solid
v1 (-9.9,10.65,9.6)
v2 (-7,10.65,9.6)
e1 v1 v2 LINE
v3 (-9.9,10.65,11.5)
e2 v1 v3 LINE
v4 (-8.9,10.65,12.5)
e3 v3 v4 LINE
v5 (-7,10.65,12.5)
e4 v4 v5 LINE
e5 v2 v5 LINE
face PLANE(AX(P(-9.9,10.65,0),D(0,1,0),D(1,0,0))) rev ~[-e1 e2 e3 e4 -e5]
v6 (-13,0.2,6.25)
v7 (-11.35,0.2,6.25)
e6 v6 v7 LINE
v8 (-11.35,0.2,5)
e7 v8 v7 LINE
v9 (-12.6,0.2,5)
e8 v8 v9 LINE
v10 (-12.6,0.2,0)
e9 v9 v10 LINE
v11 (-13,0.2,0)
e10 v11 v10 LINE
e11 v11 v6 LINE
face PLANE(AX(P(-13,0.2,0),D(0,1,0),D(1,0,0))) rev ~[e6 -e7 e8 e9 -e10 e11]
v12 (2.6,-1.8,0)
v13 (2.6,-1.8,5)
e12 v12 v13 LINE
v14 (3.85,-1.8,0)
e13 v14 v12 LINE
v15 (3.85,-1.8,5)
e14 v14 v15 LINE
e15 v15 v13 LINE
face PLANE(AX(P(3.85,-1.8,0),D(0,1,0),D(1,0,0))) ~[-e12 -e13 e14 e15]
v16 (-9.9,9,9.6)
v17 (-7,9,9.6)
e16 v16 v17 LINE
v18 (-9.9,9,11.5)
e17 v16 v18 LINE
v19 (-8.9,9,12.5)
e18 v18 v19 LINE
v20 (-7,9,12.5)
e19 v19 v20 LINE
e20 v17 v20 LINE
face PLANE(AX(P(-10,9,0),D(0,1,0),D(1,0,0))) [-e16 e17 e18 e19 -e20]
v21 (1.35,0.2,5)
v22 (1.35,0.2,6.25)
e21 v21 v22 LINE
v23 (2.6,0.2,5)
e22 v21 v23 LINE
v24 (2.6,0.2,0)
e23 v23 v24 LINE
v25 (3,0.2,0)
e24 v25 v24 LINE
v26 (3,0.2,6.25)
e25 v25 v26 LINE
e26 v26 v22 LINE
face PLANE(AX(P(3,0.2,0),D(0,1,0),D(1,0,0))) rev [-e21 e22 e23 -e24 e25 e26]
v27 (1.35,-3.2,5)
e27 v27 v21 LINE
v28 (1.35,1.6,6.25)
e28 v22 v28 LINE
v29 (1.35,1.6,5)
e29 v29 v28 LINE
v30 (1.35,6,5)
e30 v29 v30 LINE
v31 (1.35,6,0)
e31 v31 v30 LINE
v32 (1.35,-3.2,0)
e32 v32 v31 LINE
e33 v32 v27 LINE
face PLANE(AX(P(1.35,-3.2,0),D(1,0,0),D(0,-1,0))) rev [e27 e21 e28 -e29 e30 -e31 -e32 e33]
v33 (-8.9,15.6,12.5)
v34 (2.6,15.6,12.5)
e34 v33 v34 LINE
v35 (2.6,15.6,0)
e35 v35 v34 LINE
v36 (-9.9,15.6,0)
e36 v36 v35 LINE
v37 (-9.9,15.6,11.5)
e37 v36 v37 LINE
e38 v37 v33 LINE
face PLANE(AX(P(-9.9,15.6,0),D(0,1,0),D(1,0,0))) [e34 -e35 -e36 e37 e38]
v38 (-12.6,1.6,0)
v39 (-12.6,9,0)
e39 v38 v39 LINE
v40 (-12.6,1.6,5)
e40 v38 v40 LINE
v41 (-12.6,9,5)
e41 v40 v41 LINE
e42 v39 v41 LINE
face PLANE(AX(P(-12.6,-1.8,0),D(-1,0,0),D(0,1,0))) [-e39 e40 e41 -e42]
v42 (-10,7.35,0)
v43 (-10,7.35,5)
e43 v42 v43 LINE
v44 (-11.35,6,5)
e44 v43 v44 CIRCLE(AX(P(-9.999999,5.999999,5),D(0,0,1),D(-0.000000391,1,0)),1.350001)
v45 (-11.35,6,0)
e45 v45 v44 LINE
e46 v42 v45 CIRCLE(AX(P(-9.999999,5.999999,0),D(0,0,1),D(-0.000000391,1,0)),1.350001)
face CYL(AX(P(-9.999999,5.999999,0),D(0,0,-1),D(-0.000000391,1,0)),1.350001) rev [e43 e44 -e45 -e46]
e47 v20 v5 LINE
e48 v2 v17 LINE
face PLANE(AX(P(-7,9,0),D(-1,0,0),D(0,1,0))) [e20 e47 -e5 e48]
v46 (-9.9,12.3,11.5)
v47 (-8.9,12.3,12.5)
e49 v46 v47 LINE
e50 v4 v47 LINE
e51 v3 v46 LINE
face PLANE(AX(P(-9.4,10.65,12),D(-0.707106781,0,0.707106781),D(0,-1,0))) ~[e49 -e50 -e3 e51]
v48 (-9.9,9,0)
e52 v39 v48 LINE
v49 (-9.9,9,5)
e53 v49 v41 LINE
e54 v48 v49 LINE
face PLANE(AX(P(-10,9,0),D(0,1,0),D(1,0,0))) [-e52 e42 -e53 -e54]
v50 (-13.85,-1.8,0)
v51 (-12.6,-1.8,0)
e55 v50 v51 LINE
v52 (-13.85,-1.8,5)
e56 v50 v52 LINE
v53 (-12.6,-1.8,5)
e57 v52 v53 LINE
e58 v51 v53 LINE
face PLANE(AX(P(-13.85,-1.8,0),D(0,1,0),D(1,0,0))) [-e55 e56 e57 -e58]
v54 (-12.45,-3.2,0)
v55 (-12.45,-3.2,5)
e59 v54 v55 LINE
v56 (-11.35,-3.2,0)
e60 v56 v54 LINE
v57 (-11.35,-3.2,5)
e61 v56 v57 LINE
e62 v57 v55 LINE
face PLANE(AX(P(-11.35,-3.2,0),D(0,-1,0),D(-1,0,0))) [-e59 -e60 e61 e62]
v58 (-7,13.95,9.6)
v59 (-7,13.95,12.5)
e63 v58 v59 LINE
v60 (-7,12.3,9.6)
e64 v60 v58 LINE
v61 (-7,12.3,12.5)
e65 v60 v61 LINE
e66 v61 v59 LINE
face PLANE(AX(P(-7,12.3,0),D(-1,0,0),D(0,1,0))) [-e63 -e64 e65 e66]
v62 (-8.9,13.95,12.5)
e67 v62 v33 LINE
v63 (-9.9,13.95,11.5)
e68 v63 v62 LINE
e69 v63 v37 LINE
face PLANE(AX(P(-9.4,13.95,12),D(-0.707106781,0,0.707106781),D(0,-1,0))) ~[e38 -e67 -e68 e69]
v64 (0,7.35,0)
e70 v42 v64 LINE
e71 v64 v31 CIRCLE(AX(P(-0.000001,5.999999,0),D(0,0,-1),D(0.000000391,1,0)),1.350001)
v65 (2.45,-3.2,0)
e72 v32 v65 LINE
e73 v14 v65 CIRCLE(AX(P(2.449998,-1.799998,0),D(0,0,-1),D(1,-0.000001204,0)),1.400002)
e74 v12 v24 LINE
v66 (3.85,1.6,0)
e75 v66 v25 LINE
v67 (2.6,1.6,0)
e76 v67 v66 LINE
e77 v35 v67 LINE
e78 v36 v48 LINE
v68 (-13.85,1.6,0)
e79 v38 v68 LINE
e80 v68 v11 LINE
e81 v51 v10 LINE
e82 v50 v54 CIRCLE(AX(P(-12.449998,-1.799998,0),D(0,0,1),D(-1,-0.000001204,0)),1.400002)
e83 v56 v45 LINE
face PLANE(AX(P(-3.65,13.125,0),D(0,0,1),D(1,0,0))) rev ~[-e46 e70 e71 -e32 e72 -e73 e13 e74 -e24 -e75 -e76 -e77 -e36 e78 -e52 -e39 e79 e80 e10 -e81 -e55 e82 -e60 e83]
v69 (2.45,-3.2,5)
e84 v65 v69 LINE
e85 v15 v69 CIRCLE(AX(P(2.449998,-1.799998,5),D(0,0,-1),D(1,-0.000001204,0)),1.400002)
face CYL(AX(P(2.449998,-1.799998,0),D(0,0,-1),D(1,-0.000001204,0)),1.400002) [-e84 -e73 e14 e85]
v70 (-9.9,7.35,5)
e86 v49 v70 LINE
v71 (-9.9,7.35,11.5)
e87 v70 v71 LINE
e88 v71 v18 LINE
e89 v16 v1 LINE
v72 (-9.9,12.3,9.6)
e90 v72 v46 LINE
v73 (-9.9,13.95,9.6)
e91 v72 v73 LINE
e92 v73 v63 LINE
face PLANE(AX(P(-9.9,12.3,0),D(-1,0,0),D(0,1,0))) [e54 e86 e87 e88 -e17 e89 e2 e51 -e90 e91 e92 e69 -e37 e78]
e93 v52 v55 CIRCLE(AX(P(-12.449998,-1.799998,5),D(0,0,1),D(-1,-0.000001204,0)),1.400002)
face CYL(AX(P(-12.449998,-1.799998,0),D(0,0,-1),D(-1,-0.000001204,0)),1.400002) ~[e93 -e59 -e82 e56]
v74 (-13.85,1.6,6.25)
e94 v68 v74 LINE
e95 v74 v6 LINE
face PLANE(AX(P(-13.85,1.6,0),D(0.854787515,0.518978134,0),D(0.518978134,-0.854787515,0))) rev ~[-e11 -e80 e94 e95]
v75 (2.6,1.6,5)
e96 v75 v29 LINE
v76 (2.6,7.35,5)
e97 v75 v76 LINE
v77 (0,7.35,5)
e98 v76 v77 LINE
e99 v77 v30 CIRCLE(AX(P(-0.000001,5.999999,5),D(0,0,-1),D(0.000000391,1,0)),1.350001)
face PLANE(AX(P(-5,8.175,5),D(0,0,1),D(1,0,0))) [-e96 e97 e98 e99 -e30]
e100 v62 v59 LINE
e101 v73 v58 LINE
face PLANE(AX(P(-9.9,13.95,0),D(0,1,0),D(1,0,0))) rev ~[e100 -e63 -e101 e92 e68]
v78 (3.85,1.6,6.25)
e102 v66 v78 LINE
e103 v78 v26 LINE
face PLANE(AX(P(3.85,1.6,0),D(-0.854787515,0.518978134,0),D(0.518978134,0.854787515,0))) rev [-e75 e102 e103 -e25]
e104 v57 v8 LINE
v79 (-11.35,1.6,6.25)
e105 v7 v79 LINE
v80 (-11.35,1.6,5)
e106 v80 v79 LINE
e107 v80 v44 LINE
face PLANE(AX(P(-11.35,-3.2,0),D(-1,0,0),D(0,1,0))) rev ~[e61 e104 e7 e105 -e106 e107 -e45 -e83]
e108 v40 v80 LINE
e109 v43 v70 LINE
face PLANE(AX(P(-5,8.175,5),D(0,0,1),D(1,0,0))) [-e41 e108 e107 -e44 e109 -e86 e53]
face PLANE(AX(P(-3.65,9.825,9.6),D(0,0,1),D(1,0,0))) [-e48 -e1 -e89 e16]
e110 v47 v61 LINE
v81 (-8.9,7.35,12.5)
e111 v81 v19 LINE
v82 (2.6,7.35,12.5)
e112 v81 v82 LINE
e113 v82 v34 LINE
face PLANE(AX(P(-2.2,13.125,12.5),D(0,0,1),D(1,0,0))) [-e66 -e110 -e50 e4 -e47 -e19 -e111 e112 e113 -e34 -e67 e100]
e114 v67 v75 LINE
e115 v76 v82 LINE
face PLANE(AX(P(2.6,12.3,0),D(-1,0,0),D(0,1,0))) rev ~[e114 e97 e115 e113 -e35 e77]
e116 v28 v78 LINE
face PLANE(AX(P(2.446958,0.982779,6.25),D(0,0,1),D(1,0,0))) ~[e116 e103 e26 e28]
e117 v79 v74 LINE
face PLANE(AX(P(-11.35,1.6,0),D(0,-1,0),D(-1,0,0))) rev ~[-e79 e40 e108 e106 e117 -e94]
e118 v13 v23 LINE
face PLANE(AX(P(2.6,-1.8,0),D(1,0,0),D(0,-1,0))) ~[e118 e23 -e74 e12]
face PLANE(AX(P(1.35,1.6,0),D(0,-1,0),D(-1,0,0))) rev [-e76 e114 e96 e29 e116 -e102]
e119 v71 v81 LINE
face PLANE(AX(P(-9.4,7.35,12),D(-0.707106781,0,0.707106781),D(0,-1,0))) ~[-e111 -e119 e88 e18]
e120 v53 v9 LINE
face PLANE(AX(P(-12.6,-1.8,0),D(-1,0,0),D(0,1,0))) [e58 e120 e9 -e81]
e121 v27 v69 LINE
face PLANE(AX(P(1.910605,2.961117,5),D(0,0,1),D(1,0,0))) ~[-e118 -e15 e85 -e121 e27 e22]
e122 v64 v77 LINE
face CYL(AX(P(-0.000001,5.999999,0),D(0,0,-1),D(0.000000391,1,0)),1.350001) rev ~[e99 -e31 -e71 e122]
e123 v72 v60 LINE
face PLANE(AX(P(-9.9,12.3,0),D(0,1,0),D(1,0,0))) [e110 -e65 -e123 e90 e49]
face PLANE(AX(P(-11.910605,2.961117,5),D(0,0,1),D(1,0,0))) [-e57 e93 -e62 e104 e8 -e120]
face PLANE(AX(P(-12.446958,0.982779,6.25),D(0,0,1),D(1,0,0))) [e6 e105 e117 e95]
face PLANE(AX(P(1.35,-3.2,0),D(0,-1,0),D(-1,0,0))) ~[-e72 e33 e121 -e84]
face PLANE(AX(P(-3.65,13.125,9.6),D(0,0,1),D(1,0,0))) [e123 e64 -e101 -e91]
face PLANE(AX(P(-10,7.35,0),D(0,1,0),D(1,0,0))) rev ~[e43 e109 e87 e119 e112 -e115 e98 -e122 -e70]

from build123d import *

# Parameters (mm, degrees)
PAD017_DEPTH           = 5
PAD020_DEPTH           = 6.25
SKETCH038_W            = 10
SKETCH038_H            = 1.65
PAD021_DEPTH           = 5
SKETCH097_W            = 12.5
SKETCH097_H            = 1.65
PAD066_DEPTH           = 12.5
SKETCH094_W            = 12.5
SKETCH094_H            = 1.65
PAD067_DEPTH           = 9.6
SKETCH095_W            = 9.6
SKETCH095_H            = 1.65
PAD068_DEPTH           = 12.5
SKETCH096_W            = 12.5
SKETCH096_H            = 1.65
PAD069_DEPTH           = 12.5
LINEARPATTERN022_COUNT = 2
LINEARPATTERN022_PITCH = 3.3
CHAMFER012_SIZE        = 1


with BuildPart() as bc_c:
    # Sketch034 → Pad017 (new body)
    with BuildSketch(Plane.XY):
        with BuildLine():
            Line((-1.35, -1.8), (-1.35, 6))
            ThreePointArc((0, 7.35), (-0.954594, 6.954594), (-1.35, 6))
            Line((0, 9), (0, 7.35))
            Line((-2.6, 9), (0, 9))
            Line((-2.6, -1.8), (-2.6, 9))
            Line((-3.85, -1.8), (-2.6, -1.8))
            ThreePointArc((-3.85, -1.8), (-3.439949, -2.789949), (-2.45, -3.2))
            Line((-1.35, -3.2), (-2.45, -3.2))
            Line((-1.35, -1.8), (-1.35, -3.2))
        make_face()
    extrude(amount=PAD017_DEPTH)

    # Sketch037 → Pad020 (join)
    with BuildSketch(Plane.XY):
        Polygon((-1.35, 0.2), (-1.35, 1.6), (-2.6, 1.6), (-3.85, 1.6), (-3, 0.2), (-2.6, 0.2), align=None)
    extrude(amount=PAD020_DEPTH)


with BuildPart() as body035:
    # Mirror002: instance of _bc_c
    add(bc_c.part.mirror(Plane(origin=(5, 0, 0), x_dir=(0, 1, 0), z_dir=(-1, 0, 0))))

    # Fusion002: union _bc_c
    add(bc_c.part)


with BuildPart() as body035_1:
    # Clone003 placement: moved
    add(body035.part.moved(Location((-5, 0, 0))))

    # Sketch038 → Pad021 (new body)
    with BuildSketch(Plane.XY):
        with Locations((0, 8.175)):
            Rectangle(SKETCH038_W, SKETCH038_H)
    extrude(amount=PAD021_DEPTH)

    # Sketch097 → Pad066 (new body)
    with BuildSketch(Plane.XY):
        with Locations((1.35, 8.175)):
            Rectangle(SKETCH097_W, SKETCH097_H)
    extrude(amount=PAD066_DEPTH)

    # Sketch094 → Pad067 (join)
    with BuildSketch(Plane.XY):
        with Locations((1.35, 9.825)):
            Rectangle(SKETCH094_W, SKETCH094_H)
    pad067 = extrude(amount=PAD067_DEPTH)

    # Sketch095 → Pad068 (join)
    with BuildSketch(Plane.XY):
        with Locations((2.8, 9.825)):
            Rectangle(SKETCH095_W, SKETCH095_H)
    pad068 = extrude(amount=PAD068_DEPTH)

    # Sketch096 → Pad069 (join)
    with BuildSketch(Plane.XY):
        with Locations((1.35, 11.475)):
            Rectangle(SKETCH096_W, SKETCH096_H)
    pad069 = extrude(amount=PAD069_DEPTH)

    # LinearPattern022: Pad069, Pad068, Pad067 ×2
    with Locations(*[(0, i * LINEARPATTERN022_PITCH, 0) for i in range(1, LINEARPATTERN022_COUNT)]):
        add(pad069)
        add(pad068)
        add(pad067)

    # Chamfer012
    chamfer012_edges = [body035_1.edges().sort_by_distance(p)[0] for p in [
        (-4.9, 8.175, 12.5),
        (-4.9, 11.475, 12.5),
        (-4.9, 14.775, 12.5),
    ]]
    chamfer(chamfer012_edges, length=CHAMFER012_SIZE)


with BuildPart() as body035_2:
    # Body035 placement: moved
    add(body035_1.part.moved(Location((-5, 0, 0))))


solid = body035_2.part
